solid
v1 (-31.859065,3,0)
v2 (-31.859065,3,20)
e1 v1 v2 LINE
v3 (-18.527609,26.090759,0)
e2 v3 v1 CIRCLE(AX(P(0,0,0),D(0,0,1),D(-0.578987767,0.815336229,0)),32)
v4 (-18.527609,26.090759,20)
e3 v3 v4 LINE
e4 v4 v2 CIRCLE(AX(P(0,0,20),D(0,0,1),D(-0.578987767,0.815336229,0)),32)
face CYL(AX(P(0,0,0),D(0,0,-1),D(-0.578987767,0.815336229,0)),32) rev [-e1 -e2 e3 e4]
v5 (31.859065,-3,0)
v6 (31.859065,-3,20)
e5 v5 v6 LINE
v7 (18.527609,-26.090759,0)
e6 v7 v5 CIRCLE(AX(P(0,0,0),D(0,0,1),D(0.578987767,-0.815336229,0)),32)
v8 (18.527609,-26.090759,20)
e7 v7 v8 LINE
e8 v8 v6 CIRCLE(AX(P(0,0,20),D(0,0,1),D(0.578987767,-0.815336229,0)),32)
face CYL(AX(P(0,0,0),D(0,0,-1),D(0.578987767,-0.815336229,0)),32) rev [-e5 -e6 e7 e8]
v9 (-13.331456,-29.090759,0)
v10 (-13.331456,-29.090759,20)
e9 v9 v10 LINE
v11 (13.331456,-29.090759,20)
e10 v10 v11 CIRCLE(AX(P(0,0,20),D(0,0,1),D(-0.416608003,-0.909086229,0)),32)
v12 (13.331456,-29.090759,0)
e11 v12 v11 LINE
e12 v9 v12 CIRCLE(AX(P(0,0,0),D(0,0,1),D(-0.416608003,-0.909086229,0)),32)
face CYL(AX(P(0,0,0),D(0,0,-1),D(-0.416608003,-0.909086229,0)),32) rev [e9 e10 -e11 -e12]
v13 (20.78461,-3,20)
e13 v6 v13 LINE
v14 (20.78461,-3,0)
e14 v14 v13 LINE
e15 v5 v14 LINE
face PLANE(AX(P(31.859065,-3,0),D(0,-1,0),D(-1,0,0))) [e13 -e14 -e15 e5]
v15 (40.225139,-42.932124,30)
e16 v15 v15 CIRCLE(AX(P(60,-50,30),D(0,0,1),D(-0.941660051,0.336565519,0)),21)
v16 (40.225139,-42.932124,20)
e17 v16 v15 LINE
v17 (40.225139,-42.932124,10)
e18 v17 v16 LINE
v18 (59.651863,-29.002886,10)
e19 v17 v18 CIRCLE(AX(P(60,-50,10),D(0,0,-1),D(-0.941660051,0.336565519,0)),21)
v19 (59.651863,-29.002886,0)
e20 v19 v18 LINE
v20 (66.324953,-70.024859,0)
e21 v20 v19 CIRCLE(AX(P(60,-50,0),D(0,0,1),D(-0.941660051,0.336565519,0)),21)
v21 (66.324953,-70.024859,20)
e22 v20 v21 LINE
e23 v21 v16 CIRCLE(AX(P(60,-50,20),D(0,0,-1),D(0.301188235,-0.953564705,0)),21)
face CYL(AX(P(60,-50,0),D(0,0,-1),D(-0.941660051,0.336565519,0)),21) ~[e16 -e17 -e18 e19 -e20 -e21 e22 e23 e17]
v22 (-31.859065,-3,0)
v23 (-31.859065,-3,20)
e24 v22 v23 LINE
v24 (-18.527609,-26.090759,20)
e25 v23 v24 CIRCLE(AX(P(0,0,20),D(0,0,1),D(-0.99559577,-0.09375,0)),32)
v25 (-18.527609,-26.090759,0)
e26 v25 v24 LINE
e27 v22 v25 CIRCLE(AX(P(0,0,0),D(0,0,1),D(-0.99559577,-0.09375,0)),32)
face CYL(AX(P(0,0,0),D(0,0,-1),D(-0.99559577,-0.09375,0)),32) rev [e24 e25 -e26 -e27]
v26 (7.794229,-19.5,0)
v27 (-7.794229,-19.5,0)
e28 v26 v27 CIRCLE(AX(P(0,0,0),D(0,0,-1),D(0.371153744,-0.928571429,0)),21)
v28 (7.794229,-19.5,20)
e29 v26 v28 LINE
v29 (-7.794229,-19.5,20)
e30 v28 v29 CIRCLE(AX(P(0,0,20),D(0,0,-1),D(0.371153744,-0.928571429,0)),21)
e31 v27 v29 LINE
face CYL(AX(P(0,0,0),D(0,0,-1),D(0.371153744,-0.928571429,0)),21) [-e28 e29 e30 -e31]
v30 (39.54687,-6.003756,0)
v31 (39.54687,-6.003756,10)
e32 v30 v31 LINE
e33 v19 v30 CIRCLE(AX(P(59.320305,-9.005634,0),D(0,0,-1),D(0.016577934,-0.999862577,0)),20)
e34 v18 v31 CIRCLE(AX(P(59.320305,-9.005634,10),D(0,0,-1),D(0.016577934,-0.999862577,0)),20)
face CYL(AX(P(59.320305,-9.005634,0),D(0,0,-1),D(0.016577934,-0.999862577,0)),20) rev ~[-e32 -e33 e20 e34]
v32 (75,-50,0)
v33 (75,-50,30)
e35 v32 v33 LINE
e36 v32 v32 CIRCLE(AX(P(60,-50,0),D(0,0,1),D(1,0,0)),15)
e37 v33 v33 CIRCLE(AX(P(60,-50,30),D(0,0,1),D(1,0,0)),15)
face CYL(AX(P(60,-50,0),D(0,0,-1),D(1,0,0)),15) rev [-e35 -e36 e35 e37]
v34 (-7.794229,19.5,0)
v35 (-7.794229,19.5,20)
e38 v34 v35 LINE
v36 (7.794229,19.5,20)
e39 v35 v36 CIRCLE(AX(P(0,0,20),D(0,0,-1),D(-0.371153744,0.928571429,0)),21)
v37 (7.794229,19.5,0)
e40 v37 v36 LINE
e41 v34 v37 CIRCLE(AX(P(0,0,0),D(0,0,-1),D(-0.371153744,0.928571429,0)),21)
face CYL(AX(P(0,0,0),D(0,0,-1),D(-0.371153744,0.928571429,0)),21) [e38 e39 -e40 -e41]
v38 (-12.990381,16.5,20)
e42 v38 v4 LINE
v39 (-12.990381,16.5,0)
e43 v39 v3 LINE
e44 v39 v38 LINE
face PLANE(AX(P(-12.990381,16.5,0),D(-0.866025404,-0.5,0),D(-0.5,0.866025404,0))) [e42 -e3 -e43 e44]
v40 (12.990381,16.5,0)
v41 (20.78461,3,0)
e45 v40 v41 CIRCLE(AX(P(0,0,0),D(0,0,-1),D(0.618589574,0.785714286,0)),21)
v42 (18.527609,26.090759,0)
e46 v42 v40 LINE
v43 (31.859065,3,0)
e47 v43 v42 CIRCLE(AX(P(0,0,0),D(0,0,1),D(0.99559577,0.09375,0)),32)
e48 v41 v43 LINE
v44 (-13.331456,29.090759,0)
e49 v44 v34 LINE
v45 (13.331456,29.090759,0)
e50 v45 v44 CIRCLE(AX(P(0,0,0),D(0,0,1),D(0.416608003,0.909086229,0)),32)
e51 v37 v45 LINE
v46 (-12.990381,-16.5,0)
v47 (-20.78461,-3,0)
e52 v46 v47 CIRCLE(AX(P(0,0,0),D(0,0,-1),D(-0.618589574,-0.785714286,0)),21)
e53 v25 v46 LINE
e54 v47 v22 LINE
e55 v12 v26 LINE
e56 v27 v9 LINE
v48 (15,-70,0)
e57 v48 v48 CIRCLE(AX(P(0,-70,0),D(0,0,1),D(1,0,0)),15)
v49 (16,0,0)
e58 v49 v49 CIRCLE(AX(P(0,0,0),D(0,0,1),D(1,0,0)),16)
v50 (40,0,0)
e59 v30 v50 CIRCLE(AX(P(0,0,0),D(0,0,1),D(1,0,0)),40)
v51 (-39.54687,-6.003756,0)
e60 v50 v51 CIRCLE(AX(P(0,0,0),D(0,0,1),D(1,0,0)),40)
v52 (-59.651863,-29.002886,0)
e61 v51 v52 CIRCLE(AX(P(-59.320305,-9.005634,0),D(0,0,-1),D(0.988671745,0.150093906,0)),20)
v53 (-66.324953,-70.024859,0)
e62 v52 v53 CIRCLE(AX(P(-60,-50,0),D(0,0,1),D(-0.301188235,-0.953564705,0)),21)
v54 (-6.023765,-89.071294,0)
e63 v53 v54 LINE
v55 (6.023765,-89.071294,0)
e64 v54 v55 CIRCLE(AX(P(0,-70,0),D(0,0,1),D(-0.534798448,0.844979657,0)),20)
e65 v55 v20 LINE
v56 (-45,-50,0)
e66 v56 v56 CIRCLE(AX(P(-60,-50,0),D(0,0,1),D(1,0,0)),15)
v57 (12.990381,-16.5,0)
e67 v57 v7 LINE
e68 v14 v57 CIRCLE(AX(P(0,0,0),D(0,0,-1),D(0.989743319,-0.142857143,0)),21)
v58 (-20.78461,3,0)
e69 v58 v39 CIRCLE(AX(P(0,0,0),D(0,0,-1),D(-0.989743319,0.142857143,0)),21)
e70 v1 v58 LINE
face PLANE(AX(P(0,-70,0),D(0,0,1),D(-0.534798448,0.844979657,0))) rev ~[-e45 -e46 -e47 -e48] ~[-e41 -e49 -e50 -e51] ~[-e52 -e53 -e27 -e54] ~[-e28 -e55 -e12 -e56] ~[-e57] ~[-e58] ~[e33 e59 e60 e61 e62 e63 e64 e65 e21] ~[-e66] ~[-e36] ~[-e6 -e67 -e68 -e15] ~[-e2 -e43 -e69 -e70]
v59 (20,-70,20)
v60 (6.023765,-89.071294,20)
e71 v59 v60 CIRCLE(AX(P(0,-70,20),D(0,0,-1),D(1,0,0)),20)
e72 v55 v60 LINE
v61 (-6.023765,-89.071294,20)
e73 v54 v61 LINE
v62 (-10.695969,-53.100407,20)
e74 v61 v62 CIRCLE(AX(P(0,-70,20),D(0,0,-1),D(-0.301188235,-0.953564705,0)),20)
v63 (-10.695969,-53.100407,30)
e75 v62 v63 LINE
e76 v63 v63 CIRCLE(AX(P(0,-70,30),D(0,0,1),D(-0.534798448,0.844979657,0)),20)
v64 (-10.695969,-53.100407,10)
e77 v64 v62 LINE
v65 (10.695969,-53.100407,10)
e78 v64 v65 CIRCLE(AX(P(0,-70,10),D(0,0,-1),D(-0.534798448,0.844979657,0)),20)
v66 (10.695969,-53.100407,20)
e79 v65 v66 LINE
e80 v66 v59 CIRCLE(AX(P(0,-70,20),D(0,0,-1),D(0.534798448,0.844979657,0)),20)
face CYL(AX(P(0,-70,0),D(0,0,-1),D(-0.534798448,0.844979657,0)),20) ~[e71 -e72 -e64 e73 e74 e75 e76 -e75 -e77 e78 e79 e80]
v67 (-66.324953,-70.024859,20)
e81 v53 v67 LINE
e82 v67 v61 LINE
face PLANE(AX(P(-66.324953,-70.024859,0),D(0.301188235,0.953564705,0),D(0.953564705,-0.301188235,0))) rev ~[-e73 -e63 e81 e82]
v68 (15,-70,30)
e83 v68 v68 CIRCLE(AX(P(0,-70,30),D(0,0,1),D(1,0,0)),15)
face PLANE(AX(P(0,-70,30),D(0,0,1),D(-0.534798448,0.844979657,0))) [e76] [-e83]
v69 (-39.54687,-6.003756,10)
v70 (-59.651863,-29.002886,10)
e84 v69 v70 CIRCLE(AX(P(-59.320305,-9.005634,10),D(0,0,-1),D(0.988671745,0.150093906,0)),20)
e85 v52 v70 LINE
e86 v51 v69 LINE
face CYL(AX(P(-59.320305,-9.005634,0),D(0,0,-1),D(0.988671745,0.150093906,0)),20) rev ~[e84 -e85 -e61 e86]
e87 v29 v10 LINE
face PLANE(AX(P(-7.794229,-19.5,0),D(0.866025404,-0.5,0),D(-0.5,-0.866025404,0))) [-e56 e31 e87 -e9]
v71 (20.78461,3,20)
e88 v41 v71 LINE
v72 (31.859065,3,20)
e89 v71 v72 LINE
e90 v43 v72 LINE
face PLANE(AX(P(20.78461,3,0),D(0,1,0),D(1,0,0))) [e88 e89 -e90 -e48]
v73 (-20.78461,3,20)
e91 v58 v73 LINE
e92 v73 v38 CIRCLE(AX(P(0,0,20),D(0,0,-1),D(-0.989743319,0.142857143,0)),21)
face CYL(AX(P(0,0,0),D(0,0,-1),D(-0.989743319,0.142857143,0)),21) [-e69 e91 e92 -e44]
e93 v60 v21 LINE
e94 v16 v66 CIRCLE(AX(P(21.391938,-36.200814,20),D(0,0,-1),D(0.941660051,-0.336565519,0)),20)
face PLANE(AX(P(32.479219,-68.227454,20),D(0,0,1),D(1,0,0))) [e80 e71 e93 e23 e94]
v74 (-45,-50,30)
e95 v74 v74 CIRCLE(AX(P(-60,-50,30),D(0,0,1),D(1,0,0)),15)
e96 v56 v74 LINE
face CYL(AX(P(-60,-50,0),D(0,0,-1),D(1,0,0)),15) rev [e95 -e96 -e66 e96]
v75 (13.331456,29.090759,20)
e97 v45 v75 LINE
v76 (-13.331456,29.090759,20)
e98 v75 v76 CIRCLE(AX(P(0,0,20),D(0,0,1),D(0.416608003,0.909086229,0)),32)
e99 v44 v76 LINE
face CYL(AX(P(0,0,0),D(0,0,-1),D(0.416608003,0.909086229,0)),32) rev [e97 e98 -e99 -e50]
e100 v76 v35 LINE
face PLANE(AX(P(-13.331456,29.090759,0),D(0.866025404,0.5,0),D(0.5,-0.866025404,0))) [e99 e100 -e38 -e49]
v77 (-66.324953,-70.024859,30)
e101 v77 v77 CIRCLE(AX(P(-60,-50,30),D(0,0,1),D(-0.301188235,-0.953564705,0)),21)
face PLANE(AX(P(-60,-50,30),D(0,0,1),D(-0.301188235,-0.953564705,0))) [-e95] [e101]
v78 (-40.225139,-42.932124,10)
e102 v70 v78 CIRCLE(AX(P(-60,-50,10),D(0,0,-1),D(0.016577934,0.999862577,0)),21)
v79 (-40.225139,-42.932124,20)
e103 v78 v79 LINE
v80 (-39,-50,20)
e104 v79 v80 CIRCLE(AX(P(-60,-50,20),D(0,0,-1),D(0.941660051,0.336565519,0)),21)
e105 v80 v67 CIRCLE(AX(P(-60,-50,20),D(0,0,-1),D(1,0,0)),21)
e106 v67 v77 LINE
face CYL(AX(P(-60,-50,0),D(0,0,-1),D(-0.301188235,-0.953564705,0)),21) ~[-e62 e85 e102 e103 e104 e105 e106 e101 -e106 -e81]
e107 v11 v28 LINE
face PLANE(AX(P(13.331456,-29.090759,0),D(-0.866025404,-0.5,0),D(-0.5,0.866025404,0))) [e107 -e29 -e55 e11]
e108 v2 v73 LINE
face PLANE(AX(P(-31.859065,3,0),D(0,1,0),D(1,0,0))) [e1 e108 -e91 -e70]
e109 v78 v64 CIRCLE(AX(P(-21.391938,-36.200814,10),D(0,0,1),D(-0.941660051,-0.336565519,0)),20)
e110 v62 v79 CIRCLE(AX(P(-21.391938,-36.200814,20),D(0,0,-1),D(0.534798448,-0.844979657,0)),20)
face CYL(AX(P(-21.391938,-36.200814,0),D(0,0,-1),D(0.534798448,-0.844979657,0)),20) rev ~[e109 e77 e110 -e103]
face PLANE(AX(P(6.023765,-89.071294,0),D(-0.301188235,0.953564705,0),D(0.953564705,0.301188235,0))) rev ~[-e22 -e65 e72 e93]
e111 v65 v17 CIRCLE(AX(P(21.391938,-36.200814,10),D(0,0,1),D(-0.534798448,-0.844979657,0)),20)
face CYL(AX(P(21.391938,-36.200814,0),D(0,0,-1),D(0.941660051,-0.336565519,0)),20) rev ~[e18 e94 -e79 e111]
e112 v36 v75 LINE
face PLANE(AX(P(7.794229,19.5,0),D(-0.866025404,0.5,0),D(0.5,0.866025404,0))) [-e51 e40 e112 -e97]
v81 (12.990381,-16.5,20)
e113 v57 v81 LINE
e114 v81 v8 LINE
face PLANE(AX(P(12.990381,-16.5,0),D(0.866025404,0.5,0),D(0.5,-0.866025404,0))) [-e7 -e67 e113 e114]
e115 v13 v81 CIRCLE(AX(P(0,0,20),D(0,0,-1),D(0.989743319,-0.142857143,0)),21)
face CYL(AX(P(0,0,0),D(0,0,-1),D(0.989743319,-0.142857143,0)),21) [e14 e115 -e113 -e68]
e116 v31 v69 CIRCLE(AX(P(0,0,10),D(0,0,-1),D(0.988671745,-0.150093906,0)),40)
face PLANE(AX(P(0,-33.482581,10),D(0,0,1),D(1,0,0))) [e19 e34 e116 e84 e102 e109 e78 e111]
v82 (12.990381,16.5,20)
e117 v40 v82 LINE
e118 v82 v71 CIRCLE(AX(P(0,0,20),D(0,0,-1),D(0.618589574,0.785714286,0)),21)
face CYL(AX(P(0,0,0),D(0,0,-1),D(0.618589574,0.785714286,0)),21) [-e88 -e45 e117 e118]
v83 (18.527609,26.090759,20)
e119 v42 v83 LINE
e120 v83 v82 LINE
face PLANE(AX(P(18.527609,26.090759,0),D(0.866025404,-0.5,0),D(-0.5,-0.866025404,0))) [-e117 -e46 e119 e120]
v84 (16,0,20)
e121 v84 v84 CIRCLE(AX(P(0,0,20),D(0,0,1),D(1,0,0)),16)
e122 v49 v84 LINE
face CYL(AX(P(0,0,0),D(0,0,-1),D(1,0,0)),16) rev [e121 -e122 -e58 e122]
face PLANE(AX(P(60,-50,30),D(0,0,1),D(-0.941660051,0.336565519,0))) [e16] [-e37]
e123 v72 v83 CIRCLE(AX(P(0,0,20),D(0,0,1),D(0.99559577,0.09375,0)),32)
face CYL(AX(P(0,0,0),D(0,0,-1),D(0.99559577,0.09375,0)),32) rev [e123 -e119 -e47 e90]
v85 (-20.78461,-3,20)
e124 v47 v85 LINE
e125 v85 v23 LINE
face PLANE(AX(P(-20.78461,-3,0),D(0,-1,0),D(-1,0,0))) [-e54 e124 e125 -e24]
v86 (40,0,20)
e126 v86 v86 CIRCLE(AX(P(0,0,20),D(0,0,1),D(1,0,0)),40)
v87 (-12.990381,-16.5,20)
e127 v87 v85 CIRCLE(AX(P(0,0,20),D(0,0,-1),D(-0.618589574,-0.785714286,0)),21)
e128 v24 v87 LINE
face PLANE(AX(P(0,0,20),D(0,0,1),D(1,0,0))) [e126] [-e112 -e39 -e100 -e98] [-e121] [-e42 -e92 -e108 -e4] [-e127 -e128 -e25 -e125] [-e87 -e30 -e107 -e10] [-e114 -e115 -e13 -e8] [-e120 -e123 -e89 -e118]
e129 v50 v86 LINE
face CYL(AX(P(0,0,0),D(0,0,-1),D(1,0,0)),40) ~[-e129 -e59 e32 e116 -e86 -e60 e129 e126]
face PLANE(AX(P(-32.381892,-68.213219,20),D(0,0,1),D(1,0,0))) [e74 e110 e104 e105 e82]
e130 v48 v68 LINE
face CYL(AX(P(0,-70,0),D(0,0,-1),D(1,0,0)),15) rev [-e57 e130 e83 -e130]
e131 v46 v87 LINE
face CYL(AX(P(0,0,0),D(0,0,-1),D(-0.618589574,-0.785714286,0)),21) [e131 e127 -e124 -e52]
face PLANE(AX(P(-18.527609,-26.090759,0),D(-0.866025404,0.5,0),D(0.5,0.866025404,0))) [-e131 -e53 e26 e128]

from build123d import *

# Parameters (mm, degrees)
BOSS_EXTRUDE1_DEPTH   = 20
BOSS_EXTRUDE1_2_DEPTH = 20
SKETCH3_R             = 40
SKETCH3_R_2           = 16
BOSS_EXTRUDE1_3_DEPTH = 20
BOSS_EXTRUDE2_DEPTH   = 10
SKETCH3_4_R           = 21
SKETCH3_4_R_2         = 15
SKETCH3_4_R_3         = 20
BOSS_EXTRUDE3_DEPTH   = 30


with BuildPart() as part:
    # Sketch3 → Boss-Extrude1 (new body)
    with BuildSketch(Plane.XY):
        with BuildLine():
            Line((6.023764702, -89.071294105), (66.324952937, -70.02485881))
            ThreePointArc((66.324952937, -70.02485881), (44.876208292, -64.569520389), (40.22513893, -42.932124106))
            ThreePointArc((40.22513893, -42.932124106), (27.903629702, -55.111072059), (10.695968955, -53.100406866))
            ThreePointArc((10.695968955, -53.100406866), (19.833394958, -72.576129737), (6.023764702, -89.071294105))
        make_face()
    extrude(amount=BOSS_EXTRUDE1_DEPTH)



with BuildPart() as body_2:
    # Sketch3 → Boss-Extrude1 2 (new body)
    with BuildSketch(Plane.XY):
        with BuildLine():
            Line((-66.324952937, -70.02485881), (-6.023764702, -89.071294105))
            ThreePointArc((-6.023764702, -89.071294105), (-19.833394958, -72.576129737), (-10.695968955, -53.100406866))
            ThreePointArc((-10.695968955, -53.100406866), (-27.903629702, -55.111072059), (-40.22513893, -42.932124106))
            ThreePointArc((-40.22513893, -42.932124106), (-44.876208292, -64.569520389), (-66.324952937, -70.02485881))
        make_face()
    extrude(amount=BOSS_EXTRUDE1_2_DEPTH)


with BuildPart() as body_3:
    # Sketch3 → Boss-Extrude1 3 (new body)
    with BuildSketch(Plane.XY):
        Circle(SKETCH3_R)
        with BuildLine():
            ThreePointArc((-7.794228634, -19.5), (0, -21), (7.794228634, -19.5))
            Line((7.794228634, -19.5), (13.331456111, -29.090759323))
            ThreePointArc((13.331456111, -29.090759323), (0, -32), (-13.331456111, -29.090759323))
            Line((-13.331456111, -29.090759323), (-7.794228634, -19.5))
        make_face(mode=Mode.SUBTRACT)
        with BuildLine():
            ThreePointArc((-20.784609691, -3), (-18.186533479, -10.5), (-12.990381057, -16.5))
            Line((-12.990381057, -16.5), (-18.527608533, -26.090759323))
            ThreePointArc((-18.527608533, -26.090759323), (-27.712812921, -16), (-31.859064644, -3))
            Line((-31.859064644, -3), (-20.784609691, -3))
        make_face(mode=Mode.SUBTRACT)
        with BuildLine():
            ThreePointArc((-12.990381057, 16.5), (-18.186533479, 10.5), (-20.784609691, 3))
            Line((-20.784609691, 3), (-31.859064644, 3))
            ThreePointArc((-31.859064644, 3), (-27.712812921, 16), (-18.527608533, 26.090759323))
            Line((-18.527608533, 26.090759323), (-12.990381057, 16.5))
        make_face(mode=Mode.SUBTRACT)
        with BuildLine():
            ThreePointArc((7.794228634, 19.5), (0, 21), (-7.794228634, 19.5))
            Line((-7.794228634, 19.5), (-13.331456111, 29.090759323))
            ThreePointArc((-13.331456111, 29.090759323), (0, 32), (13.331456111, 29.090759323))
            Line((13.331456111, 29.090759323), (7.794228634, 19.5))
        make_face(mode=Mode.SUBTRACT)
        with BuildLine():
            ThreePointArc((12.990381057, -16.5), (18.186533479, -10.5), (20.784609691, -3))
            Line((20.784609691, -3), (31.859064644, -3))
            ThreePointArc((31.859064644, -3), (27.712812921, -16), (18.527608533, -26.090759323))
            Line((18.527608533, -26.090759323), (12.990381057, -16.5))
        make_face(mode=Mode.SUBTRACT)
        Circle(SKETCH3_R_2, mode=Mode.SUBTRACT)
        with BuildLine():
            Line((31.859064644, 3), (20.784609691, 3))
            ThreePointArc((20.784609691, 3), (18.186533479, 10.5), (12.990381057, 16.5))
            Line((12.990381057, 16.5), (18.527608533, 26.090759323))
            ThreePointArc((18.527608533, 26.090759323), (27.712812921, 16), (31.859064644, 3))
        make_face(mode=Mode.SUBTRACT)
    extrude(amount=BOSS_EXTRUDE1_3_DEPTH)


with BuildPart() as part_1:
    add(part.part)

    add(body_2.part)  # Boss-Extrude2 merges body 2

    add(body_3.part)  # Boss-Extrude2 merges body 3
    # Sketch3<3> → Boss-Extrude2 (add)
    with BuildSketch(Plane.XY):
        with BuildLine():
            ThreePointArc((10.695968955, -53.100406866), (27.903629702, -55.111072059), (40.22513893, -42.932124106))
            ThreePointArc((40.22513893, -42.932124106), (47.76318349, -32.933649432), (59.651863383, -29.002885891))
            ThreePointArc((59.651863383, -29.002885891), (44.262528341, -22.168588856), (39.546869801, -6.003756239))
            ThreePointArc((39.546869801, -6.003756239), (0, -40), (-39.546869801, -6.003756239))
            ThreePointArc((-39.546869801, -6.003756239), (-44.262528341, -22.168588856), (-59.651863383, -29.002885891))
            ThreePointArc((-59.651863383, -29.002885891), (-47.76318349, -32.933649432), (-40.22513893, -42.932124106))
            ThreePointArc((-40.22513893, -42.932124106), (-27.903629702, -55.111072059), (-10.695968955, -53.100406866))
            ThreePointArc((-10.695968955, -53.100406866), (0, -50), (10.695968955, -53.100406866))
        make_face()
    extrude(amount=BOSS_EXTRUDE2_DEPTH)

    # Sketch3<4> → Boss-Extrude3 (add)
    # profile 1 of 3: a face of its own
    with BuildSketch(Plane.XY):
        with Locations((60, -50)):
            Circle(SKETCH3_4_R)
        with Locations((60, -50)):
            Circle(SKETCH3_4_R_2, mode=Mode.SUBTRACT)
    # profile 2 of 3: a face of its own
    with BuildSketch(Plane.XY):
        with Locations((0, -70)):
            Circle(SKETCH3_4_R_3)
        with Locations((0, -70)):
            Circle(SKETCH3_4_R_2, mode=Mode.SUBTRACT)
    # profile 3 of 3: a face of its own
    with BuildSketch(Plane.XY):
        with Locations((-60, -50)):
            Circle(SKETCH3_4_R)
        with Locations((-60, -50)):
            Circle(SKETCH3_4_R_2, mode=Mode.SUBTRACT)
    extrude(amount=BOSS_EXTRUDE3_DEPTH)


solid = part_1.part
